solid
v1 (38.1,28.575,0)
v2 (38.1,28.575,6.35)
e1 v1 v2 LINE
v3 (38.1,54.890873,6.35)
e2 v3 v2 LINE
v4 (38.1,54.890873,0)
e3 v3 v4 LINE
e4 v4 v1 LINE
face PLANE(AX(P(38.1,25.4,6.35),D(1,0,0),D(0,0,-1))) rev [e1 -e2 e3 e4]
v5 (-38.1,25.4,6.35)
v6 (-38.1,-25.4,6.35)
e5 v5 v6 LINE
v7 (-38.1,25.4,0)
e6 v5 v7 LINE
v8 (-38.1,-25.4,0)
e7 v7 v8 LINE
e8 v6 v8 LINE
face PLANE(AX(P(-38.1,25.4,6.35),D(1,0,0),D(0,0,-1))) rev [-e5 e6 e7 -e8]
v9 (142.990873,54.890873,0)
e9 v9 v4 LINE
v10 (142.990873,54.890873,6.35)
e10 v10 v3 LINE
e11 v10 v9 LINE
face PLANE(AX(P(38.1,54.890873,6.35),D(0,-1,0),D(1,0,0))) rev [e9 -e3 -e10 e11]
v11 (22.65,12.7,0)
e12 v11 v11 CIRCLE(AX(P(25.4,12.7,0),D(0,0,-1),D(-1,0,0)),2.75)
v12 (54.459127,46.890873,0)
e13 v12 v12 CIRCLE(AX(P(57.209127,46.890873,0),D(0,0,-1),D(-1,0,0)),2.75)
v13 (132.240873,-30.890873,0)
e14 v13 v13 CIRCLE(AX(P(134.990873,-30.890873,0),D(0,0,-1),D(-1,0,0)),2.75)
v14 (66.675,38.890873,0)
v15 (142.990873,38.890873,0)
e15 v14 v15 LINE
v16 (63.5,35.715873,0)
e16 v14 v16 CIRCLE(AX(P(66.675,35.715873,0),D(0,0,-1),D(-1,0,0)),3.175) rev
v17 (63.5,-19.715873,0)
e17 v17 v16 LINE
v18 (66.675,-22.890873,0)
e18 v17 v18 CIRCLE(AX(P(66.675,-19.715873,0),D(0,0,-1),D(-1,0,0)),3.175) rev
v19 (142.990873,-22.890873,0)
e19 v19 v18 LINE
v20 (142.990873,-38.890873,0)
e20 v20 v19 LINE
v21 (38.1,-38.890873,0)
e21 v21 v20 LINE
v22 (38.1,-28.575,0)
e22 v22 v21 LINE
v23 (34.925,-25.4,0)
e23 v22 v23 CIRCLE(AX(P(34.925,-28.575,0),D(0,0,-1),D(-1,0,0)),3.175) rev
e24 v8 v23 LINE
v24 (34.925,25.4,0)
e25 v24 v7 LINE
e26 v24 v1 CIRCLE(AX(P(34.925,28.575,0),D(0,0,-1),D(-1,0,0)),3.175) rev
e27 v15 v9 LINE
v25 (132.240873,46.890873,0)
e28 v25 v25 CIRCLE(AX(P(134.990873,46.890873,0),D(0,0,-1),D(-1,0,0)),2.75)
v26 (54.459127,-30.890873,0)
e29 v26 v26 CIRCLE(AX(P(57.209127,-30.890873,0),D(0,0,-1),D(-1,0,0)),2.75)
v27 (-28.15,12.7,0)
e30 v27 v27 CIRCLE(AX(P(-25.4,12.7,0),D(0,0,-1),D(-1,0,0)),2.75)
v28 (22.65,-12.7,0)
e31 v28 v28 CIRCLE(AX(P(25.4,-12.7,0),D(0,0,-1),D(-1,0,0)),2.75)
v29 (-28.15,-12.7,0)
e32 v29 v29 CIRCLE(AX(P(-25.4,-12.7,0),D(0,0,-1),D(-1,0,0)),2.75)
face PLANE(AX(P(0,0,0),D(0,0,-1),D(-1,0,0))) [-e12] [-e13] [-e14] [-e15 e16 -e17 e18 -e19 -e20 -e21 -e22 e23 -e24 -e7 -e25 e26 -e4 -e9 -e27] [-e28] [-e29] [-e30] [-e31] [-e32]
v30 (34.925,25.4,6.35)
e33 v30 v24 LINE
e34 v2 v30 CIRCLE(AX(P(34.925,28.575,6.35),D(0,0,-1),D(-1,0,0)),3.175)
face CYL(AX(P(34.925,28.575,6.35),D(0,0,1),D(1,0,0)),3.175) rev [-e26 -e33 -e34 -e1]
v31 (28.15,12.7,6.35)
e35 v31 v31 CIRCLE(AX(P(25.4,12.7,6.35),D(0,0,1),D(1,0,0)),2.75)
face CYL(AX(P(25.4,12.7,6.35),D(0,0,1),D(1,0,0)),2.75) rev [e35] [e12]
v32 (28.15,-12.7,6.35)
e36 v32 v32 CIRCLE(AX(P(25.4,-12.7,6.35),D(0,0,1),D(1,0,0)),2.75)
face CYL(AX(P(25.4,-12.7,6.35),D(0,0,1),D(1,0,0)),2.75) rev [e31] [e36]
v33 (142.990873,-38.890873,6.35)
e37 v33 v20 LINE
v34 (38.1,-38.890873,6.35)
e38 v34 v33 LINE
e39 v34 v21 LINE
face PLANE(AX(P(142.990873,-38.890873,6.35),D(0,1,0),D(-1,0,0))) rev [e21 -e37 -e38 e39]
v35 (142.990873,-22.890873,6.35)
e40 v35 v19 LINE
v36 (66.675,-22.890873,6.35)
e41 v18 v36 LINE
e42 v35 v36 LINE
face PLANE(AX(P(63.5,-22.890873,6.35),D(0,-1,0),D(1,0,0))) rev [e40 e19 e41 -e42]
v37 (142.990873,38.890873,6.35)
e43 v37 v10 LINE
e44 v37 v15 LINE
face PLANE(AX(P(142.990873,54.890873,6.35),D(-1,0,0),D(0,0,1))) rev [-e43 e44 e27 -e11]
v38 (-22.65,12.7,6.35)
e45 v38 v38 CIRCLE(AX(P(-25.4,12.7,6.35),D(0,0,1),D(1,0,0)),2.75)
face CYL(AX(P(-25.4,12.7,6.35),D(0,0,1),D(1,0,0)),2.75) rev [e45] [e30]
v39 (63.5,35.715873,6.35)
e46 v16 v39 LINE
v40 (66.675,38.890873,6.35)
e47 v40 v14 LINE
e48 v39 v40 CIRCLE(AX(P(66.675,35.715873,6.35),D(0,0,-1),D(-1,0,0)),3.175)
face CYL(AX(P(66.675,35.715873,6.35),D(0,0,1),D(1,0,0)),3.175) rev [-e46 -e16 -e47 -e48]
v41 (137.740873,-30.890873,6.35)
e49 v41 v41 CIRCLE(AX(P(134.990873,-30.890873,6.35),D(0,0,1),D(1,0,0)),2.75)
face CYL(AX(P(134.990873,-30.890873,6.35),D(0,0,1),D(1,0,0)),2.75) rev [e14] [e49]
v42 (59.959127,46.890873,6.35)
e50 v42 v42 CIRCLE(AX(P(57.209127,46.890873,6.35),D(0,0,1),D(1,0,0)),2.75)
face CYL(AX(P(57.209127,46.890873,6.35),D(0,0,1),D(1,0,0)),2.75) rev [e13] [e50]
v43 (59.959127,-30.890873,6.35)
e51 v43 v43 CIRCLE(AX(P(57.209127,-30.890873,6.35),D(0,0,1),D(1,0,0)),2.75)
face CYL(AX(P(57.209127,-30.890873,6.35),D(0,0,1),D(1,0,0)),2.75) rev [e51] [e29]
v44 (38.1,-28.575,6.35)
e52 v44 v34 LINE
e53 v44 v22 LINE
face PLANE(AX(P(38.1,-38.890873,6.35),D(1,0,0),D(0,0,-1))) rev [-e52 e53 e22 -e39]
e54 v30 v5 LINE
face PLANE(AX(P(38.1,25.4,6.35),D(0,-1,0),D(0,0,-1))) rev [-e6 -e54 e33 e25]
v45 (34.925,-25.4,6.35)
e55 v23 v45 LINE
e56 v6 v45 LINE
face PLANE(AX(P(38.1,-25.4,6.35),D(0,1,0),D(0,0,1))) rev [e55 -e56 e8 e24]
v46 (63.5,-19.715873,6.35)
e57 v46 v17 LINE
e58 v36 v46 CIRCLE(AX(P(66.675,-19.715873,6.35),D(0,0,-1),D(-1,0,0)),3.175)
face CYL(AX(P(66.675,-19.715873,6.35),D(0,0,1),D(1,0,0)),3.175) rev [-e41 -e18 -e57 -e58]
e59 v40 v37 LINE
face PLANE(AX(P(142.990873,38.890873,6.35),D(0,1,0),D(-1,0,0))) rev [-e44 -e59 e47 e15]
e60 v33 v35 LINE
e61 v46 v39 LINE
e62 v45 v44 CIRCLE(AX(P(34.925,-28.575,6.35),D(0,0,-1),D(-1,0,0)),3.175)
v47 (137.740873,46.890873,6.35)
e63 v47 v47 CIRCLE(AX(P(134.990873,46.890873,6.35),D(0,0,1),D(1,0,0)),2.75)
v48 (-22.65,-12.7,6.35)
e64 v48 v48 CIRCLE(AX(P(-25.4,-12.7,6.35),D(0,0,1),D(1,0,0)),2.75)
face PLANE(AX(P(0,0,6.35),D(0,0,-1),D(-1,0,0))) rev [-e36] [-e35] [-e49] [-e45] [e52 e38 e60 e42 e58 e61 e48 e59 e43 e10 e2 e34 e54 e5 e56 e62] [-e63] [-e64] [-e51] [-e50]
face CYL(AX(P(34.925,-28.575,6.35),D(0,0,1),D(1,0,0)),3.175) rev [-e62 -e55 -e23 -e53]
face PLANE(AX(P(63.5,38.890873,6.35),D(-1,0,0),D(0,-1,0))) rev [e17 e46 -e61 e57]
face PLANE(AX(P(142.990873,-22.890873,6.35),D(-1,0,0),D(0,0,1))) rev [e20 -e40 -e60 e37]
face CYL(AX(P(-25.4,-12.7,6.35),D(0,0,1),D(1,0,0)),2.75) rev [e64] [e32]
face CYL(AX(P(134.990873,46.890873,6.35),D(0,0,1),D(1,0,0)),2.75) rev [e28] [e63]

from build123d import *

# Parameters (mm, degrees)
BOSS_EXTRUDE1_DEPTH      = 6.35
M5_CLEARANCE_HOLE1_D     = 5.5
M5_CLEARANCE_HOLE1_DEPTH = 18.75
M5_CLEARANCE_HOLE1_TIP   = 1.652366702
FILLET1_R                = 3.175
M5_CLEARANCE_HOLE2_D     = 5.5
M5_CLEARANCE_HOLE2_DEPTH = 18.75
M5_CLEARANCE_HOLE2_TIP   = 1.652366702


with BuildPart() as part:
    # Sketch1 → Boss-Extrude1 (new body)
    with BuildSketch(Plane.XY):
        Polygon((38.1, 25.4), (38.1, 54.890872965), (142.990872965, 54.890872965), (142.990872965, 38.890872965), (63.5, 38.890872965), (63.5, -22.890872965), (142.990872965, -22.890872965), (142.990872965, -38.890872965), (38.1, -38.890872965), (38.1, -25.4), (-38.1, -25.4), (-38.1, 25.4), align=None)
    extrude(amount=BOSS_EXTRUDE1_DEPTH)

    # M5 Clearance Hole1
    with Locations(Plane.XY.offset(6.35)):
        with Locations((134.990872965, 46.890872965), (134.990872965, -30.890872965), (57.209127035, 46.890872965), (57.209127035, -30.890872965)):
            Hole(M5_CLEARANCE_HOLE1_D / 2, depth=M5_CLEARANCE_HOLE1_DEPTH)
            with Locations((0, 0, -(M5_CLEARANCE_HOLE1_DEPTH + M5_CLEARANCE_HOLE1_TIP / 2))):  # 118° drill point
                Cone(0, M5_CLEARANCE_HOLE1_D / 2, M5_CLEARANCE_HOLE1_TIP, mode=Mode.SUBTRACT)

    # Fillet1
    fillet1_edges = [part.edges().sort_by_distance(p)[0] for p in [
        (38.1, 25.4, 3.175),
        (63.5, 38.890872965, 3.175),
        (63.5, -22.890872965, 3.175),
        (38.1, -25.4, 3.175),
    ]]
    fillet(fillet1_edges, radius=FILLET1_R)

    # M5 Clearance Hole2
    with Locations(Plane.XY.offset(6.35)):
        with Locations((-25.4, 12.7), (25.4, 12.7), (25.4, -12.7), (-25.4, -12.7)):
            Hole(M5_CLEARANCE_HOLE2_D / 2, depth=M5_CLEARANCE_HOLE2_DEPTH)
            with Locations((0, 0, -(M5_CLEARANCE_HOLE2_DEPTH + M5_CLEARANCE_HOLE2_TIP / 2))):  # 118° drill point
                Cone(0, M5_CLEARANCE_HOLE2_D / 2, M5_CLEARANCE_HOLE2_TIP, mode=Mode.SUBTRACT)


solid = part.part
